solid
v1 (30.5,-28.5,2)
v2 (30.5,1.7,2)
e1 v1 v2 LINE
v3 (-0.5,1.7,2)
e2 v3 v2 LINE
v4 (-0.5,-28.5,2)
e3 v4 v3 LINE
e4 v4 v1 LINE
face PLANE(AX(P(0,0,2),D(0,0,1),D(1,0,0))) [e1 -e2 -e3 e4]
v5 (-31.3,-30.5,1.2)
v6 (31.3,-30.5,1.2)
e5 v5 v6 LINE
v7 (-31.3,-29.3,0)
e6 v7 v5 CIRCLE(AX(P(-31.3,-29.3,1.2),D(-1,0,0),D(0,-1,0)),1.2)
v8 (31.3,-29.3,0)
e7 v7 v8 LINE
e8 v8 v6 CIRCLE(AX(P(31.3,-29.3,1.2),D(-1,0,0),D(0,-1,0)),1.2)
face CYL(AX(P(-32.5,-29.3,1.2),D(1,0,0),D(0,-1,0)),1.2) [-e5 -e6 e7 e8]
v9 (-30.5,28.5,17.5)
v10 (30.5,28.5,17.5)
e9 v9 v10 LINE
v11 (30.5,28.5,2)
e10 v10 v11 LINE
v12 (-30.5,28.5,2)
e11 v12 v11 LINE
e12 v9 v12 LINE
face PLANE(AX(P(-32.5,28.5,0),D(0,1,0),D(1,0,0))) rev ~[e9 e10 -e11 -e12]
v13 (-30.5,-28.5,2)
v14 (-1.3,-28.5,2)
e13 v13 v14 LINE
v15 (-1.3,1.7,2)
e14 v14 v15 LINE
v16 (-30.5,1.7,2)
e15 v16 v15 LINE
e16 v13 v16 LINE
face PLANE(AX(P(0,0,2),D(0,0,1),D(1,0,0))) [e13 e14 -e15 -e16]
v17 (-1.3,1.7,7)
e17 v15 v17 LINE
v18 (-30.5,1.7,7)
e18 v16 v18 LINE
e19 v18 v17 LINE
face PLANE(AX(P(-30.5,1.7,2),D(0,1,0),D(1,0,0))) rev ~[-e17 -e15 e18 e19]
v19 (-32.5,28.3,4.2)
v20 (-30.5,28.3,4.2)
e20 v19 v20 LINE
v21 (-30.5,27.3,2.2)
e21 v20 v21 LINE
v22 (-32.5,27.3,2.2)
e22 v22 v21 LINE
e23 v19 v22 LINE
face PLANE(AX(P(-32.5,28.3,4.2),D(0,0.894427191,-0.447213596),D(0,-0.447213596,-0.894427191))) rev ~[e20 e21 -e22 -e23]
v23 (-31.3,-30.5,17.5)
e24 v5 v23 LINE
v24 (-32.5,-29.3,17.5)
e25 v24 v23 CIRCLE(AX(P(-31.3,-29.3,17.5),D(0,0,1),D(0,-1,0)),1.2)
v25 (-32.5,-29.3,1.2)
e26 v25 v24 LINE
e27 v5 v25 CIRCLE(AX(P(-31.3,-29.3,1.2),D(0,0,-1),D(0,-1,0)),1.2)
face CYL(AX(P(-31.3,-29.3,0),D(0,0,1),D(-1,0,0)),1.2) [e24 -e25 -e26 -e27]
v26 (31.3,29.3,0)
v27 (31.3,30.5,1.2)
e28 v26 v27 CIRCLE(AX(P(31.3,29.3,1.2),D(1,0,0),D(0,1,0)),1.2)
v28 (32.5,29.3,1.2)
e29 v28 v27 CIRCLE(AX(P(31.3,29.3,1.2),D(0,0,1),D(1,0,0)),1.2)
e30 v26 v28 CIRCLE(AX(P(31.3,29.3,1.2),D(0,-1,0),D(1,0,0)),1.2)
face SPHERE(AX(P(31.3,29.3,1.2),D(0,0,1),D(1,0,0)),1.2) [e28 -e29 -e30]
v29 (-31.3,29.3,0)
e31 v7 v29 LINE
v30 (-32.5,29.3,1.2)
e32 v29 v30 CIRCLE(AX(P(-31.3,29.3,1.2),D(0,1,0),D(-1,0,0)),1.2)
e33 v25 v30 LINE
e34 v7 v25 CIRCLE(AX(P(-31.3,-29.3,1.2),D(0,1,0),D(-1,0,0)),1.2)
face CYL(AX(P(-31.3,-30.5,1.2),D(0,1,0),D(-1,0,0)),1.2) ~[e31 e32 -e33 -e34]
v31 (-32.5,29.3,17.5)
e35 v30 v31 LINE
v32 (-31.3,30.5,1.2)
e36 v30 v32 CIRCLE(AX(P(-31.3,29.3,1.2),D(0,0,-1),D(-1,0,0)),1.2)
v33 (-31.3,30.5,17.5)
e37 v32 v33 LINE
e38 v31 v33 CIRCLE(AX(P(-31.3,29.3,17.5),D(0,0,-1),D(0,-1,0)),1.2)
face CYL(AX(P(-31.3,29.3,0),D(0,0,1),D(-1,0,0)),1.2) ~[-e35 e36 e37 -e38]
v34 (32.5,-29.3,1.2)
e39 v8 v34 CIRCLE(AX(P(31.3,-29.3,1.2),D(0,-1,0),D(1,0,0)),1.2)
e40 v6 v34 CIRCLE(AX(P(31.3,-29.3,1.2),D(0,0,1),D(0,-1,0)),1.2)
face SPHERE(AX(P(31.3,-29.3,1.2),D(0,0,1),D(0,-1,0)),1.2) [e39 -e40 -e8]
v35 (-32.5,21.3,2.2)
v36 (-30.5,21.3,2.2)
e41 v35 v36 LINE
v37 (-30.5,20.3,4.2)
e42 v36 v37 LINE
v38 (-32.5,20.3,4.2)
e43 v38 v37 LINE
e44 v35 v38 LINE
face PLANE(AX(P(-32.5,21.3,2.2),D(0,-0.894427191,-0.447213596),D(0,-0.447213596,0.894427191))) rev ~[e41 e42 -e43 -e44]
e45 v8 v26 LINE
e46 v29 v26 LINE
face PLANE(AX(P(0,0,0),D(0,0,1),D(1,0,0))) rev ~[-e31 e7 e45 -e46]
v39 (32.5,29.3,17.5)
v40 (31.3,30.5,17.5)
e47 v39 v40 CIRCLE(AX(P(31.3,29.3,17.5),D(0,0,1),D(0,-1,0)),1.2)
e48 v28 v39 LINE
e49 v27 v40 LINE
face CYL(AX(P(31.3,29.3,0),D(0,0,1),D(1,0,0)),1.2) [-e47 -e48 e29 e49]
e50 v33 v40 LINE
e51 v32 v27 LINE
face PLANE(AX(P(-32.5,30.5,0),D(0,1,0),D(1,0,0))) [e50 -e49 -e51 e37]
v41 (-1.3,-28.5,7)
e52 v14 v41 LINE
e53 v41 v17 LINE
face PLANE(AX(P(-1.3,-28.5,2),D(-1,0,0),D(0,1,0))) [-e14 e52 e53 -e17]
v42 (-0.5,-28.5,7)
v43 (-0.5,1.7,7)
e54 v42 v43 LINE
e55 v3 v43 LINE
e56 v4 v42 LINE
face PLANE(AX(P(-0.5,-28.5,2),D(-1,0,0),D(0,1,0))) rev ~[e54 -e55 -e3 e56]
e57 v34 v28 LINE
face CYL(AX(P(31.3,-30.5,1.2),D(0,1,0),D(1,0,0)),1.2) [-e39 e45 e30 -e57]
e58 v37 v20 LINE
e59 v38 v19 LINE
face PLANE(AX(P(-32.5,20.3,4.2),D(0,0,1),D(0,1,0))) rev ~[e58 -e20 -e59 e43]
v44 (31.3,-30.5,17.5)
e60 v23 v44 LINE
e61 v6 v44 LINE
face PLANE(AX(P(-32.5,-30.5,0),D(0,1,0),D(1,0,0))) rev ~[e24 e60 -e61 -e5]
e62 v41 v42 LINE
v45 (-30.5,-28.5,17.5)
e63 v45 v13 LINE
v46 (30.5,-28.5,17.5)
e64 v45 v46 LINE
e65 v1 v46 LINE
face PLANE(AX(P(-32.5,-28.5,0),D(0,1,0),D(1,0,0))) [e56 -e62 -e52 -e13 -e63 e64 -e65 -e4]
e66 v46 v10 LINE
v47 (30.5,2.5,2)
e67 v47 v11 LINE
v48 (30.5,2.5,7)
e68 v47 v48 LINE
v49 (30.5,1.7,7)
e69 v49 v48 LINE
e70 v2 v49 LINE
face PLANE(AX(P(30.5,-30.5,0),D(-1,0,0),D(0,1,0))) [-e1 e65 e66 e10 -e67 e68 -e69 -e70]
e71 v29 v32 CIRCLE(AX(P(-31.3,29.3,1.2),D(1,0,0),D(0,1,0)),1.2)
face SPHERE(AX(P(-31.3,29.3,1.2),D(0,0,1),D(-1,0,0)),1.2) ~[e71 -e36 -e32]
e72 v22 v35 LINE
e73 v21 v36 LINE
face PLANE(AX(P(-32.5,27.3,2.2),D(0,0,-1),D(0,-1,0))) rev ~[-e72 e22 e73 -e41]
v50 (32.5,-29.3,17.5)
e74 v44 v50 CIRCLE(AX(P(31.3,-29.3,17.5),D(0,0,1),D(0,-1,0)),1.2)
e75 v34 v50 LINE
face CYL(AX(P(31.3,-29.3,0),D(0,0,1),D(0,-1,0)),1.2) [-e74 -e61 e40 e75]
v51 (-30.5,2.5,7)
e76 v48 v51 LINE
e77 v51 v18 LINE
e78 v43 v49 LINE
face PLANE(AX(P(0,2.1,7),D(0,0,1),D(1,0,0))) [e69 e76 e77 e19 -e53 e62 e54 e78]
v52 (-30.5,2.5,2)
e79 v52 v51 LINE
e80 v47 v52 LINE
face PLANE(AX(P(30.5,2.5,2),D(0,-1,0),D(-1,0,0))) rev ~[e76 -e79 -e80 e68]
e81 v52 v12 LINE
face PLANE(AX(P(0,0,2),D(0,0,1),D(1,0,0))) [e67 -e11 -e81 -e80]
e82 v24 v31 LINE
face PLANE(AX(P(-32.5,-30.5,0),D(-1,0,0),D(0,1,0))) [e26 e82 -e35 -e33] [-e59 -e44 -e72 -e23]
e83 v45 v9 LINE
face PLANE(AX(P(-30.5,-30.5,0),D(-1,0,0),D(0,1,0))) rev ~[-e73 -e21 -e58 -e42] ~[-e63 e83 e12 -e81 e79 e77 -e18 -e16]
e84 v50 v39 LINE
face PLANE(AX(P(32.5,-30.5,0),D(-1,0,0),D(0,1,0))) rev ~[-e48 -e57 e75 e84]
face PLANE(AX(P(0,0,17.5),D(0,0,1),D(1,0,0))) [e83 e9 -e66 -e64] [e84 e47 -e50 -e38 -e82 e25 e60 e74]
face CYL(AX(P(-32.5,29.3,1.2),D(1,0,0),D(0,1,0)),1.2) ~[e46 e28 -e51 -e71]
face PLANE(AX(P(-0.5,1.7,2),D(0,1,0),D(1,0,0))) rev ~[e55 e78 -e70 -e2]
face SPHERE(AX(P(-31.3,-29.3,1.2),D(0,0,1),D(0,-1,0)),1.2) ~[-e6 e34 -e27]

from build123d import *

# Parameters (mm, degrees)
F0_W     = 65
F0_H     = 61
F1_DEPTH = 17.5
F2_T     = -2
F3_R     = 1.2
F4_W     = 0.8
F4_H     = 30.2
F5_DEPTH = 5
F7_DEPTH = 2


with BuildPart() as f1:
    # F0 (on Top) → F1 (new body)
    with BuildSketch(Plane.XY):
        Rectangle(F0_W, F0_H)
    extrude(amount=F1_DEPTH)

    # F2
    f2_openings = [f1.faces().sort_by_distance(p)[0] for p in [
        (0, 0, 17.5),
    ]]
    offset(amount=F2_T, openings=f2_openings)

    # F3
    f3_edges = [f1.edges().sort_by_distance(p)[0] for p in [
        (32.5, -30.5, 8.75),
        (32.5, 30.5, 8.75),
        (-32.5, 30.5, 8.75),
        (-32.5, -30.5, 8.75),
        (0, -30.5, 0),
        (-32.5, 0, 0),
        (32.5, 0, 0),
        (0, 30.5, 0),
    ]]
    fillet(f3_edges, radius=F3_R)

    # F4 (on face) → F5 (join)
    with BuildSketch(Plane.XY.offset(2)):
        Polygon((30.5, 2.5), (-30.5, 2.5), (-30.5, 1.7), (-1.3, 1.7), (-0.5, 1.7), (30.5, 1.7), align=None)
        with Locations((-0.9, -13.4)):
            Rectangle(F4_W, F4_H)
    extrude(amount=F5_DEPTH)

    # F6 (on face) → F7 (cut, through all)
    with BuildSketch(Plane(origin=(-32.5, 0, 0), x_dir=(0, -1, 0), z_dir=(-1, 0, 0))):
        Polygon((-20.3, 4.2), (-28.3, 4.2), (-27.3, 2.2), (-21.3, 2.2), align=None)
    extrude(amount=-F7_DEPTH, mode=Mode.SUBTRACT)


solid = f1.part
